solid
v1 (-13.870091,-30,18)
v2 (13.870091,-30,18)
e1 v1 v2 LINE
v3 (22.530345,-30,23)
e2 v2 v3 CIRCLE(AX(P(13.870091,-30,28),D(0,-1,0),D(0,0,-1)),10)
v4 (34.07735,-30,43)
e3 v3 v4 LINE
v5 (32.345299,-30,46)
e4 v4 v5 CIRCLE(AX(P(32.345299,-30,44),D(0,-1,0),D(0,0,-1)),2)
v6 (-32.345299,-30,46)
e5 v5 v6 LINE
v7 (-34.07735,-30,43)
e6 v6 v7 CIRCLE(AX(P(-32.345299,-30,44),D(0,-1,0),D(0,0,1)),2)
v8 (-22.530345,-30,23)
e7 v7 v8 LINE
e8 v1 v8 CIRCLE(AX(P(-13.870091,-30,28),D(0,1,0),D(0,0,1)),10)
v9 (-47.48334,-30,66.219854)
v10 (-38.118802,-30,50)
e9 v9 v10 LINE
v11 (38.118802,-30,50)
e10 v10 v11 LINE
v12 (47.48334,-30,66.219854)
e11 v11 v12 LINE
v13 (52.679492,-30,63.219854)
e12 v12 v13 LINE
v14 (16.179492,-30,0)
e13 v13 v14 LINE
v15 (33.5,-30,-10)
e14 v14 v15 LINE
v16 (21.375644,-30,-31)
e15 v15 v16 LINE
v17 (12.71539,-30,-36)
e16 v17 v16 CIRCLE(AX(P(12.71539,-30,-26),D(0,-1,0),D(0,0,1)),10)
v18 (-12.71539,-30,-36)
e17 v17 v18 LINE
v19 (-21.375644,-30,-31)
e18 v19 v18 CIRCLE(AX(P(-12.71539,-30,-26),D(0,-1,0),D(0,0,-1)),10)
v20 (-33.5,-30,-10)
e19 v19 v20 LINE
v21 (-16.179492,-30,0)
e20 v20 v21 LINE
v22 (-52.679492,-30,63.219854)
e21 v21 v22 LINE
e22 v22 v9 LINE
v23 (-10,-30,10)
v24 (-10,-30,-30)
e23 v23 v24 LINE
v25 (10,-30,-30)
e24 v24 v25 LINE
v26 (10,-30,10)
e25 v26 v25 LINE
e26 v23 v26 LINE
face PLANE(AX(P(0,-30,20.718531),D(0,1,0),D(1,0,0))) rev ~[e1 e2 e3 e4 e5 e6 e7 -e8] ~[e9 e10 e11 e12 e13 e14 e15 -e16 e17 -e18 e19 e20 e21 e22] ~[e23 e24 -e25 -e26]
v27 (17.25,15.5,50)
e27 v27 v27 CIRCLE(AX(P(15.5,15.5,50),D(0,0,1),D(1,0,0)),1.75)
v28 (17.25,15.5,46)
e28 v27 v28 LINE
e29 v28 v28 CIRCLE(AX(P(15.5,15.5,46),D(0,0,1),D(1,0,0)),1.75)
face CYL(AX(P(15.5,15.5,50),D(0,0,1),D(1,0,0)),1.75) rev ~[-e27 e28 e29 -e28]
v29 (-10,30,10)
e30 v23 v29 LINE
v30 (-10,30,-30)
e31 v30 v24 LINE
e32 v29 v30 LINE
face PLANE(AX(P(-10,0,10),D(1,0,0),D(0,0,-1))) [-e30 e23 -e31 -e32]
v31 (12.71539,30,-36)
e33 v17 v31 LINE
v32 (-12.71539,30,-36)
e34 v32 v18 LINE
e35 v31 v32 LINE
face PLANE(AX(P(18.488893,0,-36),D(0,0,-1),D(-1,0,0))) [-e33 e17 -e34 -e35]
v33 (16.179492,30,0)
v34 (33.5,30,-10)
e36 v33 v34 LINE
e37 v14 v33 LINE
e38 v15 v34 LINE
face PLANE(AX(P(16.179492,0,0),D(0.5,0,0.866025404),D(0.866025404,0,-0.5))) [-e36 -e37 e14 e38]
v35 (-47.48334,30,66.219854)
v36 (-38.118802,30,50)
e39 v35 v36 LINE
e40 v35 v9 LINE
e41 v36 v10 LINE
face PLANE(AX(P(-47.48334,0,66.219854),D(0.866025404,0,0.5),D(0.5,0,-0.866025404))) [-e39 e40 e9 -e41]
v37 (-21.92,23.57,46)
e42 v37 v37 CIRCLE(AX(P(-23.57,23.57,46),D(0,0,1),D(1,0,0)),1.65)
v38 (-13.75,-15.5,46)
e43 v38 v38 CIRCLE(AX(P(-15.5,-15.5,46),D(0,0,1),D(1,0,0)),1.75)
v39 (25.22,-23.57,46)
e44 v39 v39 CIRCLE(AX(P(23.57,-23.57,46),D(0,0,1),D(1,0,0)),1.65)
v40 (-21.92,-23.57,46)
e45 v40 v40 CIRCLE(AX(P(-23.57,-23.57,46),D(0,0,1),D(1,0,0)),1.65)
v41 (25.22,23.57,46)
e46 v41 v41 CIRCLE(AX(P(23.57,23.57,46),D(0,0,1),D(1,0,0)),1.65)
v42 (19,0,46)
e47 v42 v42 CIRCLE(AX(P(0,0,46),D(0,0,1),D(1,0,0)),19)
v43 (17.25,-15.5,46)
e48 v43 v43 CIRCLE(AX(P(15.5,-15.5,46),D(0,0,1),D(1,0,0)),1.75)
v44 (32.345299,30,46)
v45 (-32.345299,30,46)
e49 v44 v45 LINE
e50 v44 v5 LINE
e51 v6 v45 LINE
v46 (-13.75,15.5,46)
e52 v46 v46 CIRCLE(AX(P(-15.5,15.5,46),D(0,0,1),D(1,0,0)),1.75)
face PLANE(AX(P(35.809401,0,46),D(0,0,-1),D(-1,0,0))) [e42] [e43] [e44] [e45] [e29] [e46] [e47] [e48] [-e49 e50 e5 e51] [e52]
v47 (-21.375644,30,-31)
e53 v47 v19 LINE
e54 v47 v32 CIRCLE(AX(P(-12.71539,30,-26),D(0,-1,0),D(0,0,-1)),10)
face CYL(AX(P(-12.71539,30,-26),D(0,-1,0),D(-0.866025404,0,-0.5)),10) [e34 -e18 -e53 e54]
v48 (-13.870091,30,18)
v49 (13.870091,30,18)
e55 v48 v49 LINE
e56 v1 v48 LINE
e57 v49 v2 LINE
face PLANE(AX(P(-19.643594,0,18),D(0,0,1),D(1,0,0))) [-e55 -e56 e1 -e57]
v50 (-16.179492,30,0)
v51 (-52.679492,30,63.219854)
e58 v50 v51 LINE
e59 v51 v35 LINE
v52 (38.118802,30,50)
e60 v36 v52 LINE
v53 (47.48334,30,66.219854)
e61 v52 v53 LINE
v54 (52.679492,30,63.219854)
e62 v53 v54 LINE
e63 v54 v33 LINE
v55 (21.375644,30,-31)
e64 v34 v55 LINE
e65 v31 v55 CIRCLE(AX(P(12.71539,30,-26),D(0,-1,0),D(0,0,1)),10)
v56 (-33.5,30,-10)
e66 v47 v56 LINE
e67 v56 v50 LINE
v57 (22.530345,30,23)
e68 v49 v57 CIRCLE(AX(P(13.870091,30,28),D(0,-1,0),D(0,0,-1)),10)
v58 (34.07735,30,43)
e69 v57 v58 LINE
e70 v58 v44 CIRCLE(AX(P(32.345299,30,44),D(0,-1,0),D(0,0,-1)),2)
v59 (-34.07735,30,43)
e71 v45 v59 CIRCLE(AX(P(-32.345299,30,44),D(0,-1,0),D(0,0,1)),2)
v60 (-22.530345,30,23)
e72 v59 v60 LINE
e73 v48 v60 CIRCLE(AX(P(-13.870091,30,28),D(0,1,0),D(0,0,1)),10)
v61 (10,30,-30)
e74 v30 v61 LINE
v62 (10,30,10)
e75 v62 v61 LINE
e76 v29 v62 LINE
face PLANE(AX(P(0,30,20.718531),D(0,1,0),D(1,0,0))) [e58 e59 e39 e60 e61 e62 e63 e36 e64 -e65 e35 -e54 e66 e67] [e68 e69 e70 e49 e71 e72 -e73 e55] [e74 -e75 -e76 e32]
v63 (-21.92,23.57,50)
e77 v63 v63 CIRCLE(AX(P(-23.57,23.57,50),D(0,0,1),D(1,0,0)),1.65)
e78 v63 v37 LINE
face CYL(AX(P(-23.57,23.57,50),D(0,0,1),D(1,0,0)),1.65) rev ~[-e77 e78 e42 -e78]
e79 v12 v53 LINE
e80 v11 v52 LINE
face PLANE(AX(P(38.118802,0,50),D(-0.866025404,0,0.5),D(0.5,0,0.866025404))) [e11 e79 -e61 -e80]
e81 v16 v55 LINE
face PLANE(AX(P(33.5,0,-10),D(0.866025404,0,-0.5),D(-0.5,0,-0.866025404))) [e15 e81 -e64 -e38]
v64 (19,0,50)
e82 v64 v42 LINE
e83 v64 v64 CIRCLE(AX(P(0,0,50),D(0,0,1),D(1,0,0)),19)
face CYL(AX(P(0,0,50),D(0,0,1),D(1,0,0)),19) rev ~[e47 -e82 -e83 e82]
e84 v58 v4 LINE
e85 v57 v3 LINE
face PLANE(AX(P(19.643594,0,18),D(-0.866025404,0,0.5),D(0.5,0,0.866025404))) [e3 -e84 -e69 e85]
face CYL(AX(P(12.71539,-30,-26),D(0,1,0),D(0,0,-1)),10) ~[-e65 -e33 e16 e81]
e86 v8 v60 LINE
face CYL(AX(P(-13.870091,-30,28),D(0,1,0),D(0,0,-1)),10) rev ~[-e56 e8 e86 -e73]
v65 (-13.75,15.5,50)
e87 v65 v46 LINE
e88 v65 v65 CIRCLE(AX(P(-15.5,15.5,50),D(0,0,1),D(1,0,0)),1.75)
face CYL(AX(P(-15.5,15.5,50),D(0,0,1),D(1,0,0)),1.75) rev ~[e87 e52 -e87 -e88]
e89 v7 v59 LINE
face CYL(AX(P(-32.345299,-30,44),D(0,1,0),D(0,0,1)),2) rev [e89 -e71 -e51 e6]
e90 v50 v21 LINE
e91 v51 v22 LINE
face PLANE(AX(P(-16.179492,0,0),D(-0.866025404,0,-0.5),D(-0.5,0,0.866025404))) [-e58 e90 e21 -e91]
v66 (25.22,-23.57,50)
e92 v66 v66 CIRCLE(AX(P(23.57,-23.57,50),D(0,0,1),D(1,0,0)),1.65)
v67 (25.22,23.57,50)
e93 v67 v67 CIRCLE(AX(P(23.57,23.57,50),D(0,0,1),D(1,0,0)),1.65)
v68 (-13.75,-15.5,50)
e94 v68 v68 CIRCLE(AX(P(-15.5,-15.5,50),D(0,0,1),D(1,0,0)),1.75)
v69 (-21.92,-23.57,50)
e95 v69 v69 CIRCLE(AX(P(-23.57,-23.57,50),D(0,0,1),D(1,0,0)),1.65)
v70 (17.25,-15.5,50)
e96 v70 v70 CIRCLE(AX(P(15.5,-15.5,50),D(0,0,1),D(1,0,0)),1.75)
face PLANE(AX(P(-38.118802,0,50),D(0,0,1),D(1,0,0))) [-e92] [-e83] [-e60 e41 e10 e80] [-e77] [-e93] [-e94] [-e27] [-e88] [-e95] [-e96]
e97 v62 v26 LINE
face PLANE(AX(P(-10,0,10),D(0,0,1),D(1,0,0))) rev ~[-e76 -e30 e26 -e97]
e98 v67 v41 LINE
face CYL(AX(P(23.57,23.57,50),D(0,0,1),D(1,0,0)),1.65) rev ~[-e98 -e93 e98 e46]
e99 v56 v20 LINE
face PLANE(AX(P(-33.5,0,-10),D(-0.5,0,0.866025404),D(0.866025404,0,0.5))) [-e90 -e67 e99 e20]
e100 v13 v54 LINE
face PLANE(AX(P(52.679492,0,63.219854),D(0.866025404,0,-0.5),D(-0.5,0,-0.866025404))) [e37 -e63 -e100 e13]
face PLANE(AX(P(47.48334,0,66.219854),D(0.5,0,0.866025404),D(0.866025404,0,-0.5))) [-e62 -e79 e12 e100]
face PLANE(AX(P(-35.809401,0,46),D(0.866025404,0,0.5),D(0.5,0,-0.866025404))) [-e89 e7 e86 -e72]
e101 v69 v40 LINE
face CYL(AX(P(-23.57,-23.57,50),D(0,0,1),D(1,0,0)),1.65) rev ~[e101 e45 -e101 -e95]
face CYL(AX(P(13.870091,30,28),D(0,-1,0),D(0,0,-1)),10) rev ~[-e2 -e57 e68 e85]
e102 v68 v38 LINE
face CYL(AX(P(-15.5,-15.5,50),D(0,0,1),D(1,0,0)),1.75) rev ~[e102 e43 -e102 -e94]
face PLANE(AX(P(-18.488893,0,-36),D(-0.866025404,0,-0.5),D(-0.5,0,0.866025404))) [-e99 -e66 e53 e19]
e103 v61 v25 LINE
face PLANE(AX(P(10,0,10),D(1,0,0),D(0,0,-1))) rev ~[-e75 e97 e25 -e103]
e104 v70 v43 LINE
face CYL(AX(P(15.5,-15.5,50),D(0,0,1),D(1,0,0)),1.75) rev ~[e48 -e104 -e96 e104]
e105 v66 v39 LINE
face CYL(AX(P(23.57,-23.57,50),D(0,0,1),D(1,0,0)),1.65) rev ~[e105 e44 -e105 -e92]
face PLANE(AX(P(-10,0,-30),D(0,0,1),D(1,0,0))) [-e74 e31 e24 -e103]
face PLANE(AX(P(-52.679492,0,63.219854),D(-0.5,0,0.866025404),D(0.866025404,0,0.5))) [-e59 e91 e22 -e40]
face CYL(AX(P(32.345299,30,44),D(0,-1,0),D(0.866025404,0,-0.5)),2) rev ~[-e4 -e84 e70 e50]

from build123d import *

# Parameters (mm, degrees)
SKETCH_1_W        = 20
SKETCH_1_H        = 40
EXTRUDE_821_DEPTH = 30
FILLET_1_R        = 10
FILLET_2_R        = 2
NEMA17_REACH      = 107.219
SKETCH_2_R        = 19
SKETCH_2_R_2      = 1.75
NEMA23_M4_REACH   = 107.219
NEMA23_M4_BORE_R  = 1.65


with BuildPart() as part:
    # Эскиз1 → Extrude 821 (new, symmetric)
    with BuildSketch(Plane(origin=(0, 0, 0), x_dir=(1, 0, 0), z_dir=(0, 1, 0))):
        Polygon((-38.118802154, -50), (38.118802154, -50), (47.483339502, -66.219854476), (52.679491924, -63.219854476), (16.179491924, 0), (33.5, 10), (18.488893001, 36), (-18.488893001, 36), (-33.5, 10), (-16.179491924, 0), (-52.679491924, -63.219854476), (-47.483339502, -66.219854476), align=None)
        Polygon((-35.809401077, -46), (-19.643593539, -18), (19.643593539, -18), (35.809401077, -46), align=None, mode=Mode.SUBTRACT)
        with Locations((0, 10)):
            Rectangle(SKETCH_1_W, SKETCH_1_H, mode=Mode.SUBTRACT)
    extrude(amount=EXTRUDE_821_DEPTH, both=True)

    # Скругление1
    fillet_1_edges = [part.edges().sort_by_distance(p)[0] for p in [
        (-18.488893001, 0, -36),
        (18.488893001, 0, -36),
        (19.643593539, 0, 18),
        (-19.643593539, 0, 18),
    ]]
    fillet(fillet_1_edges, radius=FILLET_1_R)

    # Скругление2
    fillet_2_edges = [part.edges().sort_by_distance(p)[0] for p in [
        (35.809401077, 0, 46),
        (-35.809401077, 0, 46),
    ]]
    fillet(fillet_2_edges, radius=FILLET_2_R)

    # Эскиз2 → Nema17 (cut, up to next)
    with BuildSketch(Plane.XY.offset(50), mode=Mode.PRIVATE) as nema17_sk1:
        Circle(SKETCH_2_R)
    nema17_tool1 = extrude(nema17_sk1.sketch, amount=-NEMA17_REACH, mode=Mode.PRIVATE) & part.part
    # Эскиз2 → Nema17 (cut, up to next)
    with BuildSketch(Plane.XY.offset(50), mode=Mode.PRIVATE) as nema17_sk2:
        with Locations((-15.5, 15.5)):
            Circle(SKETCH_2_R_2)
    nema17_tool2 = extrude(nema17_sk2.sketch, amount=-NEMA17_REACH, mode=Mode.PRIVATE) & part.part
    # Эскиз2 → Nema17 (cut, up to next)
    with BuildSketch(Plane.XY.offset(50), mode=Mode.PRIVATE) as nema17_sk3:
        with Locations((15.5, 15.5)):
            Circle(SKETCH_2_R_2)
    nema17_tool3 = extrude(nema17_sk3.sketch, amount=-NEMA17_REACH, mode=Mode.PRIVATE) & part.part
    # Эскиз2 → Nema17 (cut, up to next)
    with BuildSketch(Plane.XY.offset(50), mode=Mode.PRIVATE) as nema17_sk4:
        with Locations((15.5, -15.5)):
            Circle(SKETCH_2_R_2)
    nema17_tool4 = extrude(nema17_sk4.sketch, amount=-NEMA17_REACH, mode=Mode.PRIVATE) & part.part
    # Эскиз2 → Nema17 (cut, up to next)
    with BuildSketch(Plane.XY.offset(50), mode=Mode.PRIVATE) as nema17_sk5:
        with Locations((-15.5, -15.5)):
            Circle(SKETCH_2_R_2)
    nema17_tool5 = extrude(nema17_sk5.sketch, amount=-NEMA17_REACH, mode=Mode.PRIVATE) & part.part
    add(nema17_tool1.solids().sort_by_distance((0, 0, 50))[0], mode=Mode.SUBTRACT)
    add(nema17_tool2.solids().sort_by_distance((-15.5, 15.5, 50))[0], mode=Mode.SUBTRACT)
    add(nema17_tool3.solids().sort_by_distance((15.5, 15.5, 50))[0], mode=Mode.SUBTRACT)
    add(nema17_tool4.solids().sort_by_distance((15.5, -15.5, 50))[0], mode=Mode.SUBTRACT)
    add(nema17_tool5.solids().sort_by_distance((-15.5, -15.5, 50))[0], mode=Mode.SUBTRACT)

    # Nema23 - M4 bore → Nema23 - M4 (cut, up to next)
    with BuildSketch(Plane.XY.offset(50), mode=Mode.PRIVATE) as nema23_m4_sk1:
        with Locations((-23.57, 23.57)):
            Circle(NEMA23_M4_BORE_R)
    nema23_m4_tool1 = extrude(nema23_m4_sk1.sketch, amount=-NEMA23_M4_REACH, mode=Mode.PRIVATE) & part.part
    # Nema23 - M4 bore → Nema23 - M4 (cut, up to next)
    with BuildSketch(Plane.XY.offset(50), mode=Mode.PRIVATE) as nema23_m4_sk2:
        with Locations((23.57, 23.57)):
            Circle(NEMA23_M4_BORE_R)
    nema23_m4_tool2 = extrude(nema23_m4_sk2.sketch, amount=-NEMA23_M4_REACH, mode=Mode.PRIVATE) & part.part
    # Nema23 - M4 bore → Nema23 - M4 (cut, up to next)
    with BuildSketch(Plane.XY.offset(50), mode=Mode.PRIVATE) as nema23_m4_sk3:
        with Locations((23.57, -23.57)):
            Circle(NEMA23_M4_BORE_R)
    nema23_m4_tool3 = extrude(nema23_m4_sk3.sketch, amount=-NEMA23_M4_REACH, mode=Mode.PRIVATE) & part.part
    # Nema23 - M4 bore → Nema23 - M4 (cut, up to next)
    with BuildSketch(Plane.XY.offset(50), mode=Mode.PRIVATE) as nema23_m4_sk4:
        with Locations((-23.57, -23.57)):
            Circle(NEMA23_M4_BORE_R)
    nema23_m4_tool4 = extrude(nema23_m4_sk4.sketch, amount=-NEMA23_M4_REACH, mode=Mode.PRIVATE) & part.part
    add(nema23_m4_tool1.solids().sort_by_distance((-23.57, 23.57, 50))[0], mode=Mode.SUBTRACT)
    add(nema23_m4_tool2.solids().sort_by_distance((23.57, 23.57, 50))[0], mode=Mode.SUBTRACT)
    add(nema23_m4_tool3.solids().sort_by_distance((23.57, -23.57, 50))[0], mode=Mode.SUBTRACT)
    add(nema23_m4_tool4.solids().sort_by_distance((-23.57, -23.57, 50))[0], mode=Mode.SUBTRACT)


solid = part.part
